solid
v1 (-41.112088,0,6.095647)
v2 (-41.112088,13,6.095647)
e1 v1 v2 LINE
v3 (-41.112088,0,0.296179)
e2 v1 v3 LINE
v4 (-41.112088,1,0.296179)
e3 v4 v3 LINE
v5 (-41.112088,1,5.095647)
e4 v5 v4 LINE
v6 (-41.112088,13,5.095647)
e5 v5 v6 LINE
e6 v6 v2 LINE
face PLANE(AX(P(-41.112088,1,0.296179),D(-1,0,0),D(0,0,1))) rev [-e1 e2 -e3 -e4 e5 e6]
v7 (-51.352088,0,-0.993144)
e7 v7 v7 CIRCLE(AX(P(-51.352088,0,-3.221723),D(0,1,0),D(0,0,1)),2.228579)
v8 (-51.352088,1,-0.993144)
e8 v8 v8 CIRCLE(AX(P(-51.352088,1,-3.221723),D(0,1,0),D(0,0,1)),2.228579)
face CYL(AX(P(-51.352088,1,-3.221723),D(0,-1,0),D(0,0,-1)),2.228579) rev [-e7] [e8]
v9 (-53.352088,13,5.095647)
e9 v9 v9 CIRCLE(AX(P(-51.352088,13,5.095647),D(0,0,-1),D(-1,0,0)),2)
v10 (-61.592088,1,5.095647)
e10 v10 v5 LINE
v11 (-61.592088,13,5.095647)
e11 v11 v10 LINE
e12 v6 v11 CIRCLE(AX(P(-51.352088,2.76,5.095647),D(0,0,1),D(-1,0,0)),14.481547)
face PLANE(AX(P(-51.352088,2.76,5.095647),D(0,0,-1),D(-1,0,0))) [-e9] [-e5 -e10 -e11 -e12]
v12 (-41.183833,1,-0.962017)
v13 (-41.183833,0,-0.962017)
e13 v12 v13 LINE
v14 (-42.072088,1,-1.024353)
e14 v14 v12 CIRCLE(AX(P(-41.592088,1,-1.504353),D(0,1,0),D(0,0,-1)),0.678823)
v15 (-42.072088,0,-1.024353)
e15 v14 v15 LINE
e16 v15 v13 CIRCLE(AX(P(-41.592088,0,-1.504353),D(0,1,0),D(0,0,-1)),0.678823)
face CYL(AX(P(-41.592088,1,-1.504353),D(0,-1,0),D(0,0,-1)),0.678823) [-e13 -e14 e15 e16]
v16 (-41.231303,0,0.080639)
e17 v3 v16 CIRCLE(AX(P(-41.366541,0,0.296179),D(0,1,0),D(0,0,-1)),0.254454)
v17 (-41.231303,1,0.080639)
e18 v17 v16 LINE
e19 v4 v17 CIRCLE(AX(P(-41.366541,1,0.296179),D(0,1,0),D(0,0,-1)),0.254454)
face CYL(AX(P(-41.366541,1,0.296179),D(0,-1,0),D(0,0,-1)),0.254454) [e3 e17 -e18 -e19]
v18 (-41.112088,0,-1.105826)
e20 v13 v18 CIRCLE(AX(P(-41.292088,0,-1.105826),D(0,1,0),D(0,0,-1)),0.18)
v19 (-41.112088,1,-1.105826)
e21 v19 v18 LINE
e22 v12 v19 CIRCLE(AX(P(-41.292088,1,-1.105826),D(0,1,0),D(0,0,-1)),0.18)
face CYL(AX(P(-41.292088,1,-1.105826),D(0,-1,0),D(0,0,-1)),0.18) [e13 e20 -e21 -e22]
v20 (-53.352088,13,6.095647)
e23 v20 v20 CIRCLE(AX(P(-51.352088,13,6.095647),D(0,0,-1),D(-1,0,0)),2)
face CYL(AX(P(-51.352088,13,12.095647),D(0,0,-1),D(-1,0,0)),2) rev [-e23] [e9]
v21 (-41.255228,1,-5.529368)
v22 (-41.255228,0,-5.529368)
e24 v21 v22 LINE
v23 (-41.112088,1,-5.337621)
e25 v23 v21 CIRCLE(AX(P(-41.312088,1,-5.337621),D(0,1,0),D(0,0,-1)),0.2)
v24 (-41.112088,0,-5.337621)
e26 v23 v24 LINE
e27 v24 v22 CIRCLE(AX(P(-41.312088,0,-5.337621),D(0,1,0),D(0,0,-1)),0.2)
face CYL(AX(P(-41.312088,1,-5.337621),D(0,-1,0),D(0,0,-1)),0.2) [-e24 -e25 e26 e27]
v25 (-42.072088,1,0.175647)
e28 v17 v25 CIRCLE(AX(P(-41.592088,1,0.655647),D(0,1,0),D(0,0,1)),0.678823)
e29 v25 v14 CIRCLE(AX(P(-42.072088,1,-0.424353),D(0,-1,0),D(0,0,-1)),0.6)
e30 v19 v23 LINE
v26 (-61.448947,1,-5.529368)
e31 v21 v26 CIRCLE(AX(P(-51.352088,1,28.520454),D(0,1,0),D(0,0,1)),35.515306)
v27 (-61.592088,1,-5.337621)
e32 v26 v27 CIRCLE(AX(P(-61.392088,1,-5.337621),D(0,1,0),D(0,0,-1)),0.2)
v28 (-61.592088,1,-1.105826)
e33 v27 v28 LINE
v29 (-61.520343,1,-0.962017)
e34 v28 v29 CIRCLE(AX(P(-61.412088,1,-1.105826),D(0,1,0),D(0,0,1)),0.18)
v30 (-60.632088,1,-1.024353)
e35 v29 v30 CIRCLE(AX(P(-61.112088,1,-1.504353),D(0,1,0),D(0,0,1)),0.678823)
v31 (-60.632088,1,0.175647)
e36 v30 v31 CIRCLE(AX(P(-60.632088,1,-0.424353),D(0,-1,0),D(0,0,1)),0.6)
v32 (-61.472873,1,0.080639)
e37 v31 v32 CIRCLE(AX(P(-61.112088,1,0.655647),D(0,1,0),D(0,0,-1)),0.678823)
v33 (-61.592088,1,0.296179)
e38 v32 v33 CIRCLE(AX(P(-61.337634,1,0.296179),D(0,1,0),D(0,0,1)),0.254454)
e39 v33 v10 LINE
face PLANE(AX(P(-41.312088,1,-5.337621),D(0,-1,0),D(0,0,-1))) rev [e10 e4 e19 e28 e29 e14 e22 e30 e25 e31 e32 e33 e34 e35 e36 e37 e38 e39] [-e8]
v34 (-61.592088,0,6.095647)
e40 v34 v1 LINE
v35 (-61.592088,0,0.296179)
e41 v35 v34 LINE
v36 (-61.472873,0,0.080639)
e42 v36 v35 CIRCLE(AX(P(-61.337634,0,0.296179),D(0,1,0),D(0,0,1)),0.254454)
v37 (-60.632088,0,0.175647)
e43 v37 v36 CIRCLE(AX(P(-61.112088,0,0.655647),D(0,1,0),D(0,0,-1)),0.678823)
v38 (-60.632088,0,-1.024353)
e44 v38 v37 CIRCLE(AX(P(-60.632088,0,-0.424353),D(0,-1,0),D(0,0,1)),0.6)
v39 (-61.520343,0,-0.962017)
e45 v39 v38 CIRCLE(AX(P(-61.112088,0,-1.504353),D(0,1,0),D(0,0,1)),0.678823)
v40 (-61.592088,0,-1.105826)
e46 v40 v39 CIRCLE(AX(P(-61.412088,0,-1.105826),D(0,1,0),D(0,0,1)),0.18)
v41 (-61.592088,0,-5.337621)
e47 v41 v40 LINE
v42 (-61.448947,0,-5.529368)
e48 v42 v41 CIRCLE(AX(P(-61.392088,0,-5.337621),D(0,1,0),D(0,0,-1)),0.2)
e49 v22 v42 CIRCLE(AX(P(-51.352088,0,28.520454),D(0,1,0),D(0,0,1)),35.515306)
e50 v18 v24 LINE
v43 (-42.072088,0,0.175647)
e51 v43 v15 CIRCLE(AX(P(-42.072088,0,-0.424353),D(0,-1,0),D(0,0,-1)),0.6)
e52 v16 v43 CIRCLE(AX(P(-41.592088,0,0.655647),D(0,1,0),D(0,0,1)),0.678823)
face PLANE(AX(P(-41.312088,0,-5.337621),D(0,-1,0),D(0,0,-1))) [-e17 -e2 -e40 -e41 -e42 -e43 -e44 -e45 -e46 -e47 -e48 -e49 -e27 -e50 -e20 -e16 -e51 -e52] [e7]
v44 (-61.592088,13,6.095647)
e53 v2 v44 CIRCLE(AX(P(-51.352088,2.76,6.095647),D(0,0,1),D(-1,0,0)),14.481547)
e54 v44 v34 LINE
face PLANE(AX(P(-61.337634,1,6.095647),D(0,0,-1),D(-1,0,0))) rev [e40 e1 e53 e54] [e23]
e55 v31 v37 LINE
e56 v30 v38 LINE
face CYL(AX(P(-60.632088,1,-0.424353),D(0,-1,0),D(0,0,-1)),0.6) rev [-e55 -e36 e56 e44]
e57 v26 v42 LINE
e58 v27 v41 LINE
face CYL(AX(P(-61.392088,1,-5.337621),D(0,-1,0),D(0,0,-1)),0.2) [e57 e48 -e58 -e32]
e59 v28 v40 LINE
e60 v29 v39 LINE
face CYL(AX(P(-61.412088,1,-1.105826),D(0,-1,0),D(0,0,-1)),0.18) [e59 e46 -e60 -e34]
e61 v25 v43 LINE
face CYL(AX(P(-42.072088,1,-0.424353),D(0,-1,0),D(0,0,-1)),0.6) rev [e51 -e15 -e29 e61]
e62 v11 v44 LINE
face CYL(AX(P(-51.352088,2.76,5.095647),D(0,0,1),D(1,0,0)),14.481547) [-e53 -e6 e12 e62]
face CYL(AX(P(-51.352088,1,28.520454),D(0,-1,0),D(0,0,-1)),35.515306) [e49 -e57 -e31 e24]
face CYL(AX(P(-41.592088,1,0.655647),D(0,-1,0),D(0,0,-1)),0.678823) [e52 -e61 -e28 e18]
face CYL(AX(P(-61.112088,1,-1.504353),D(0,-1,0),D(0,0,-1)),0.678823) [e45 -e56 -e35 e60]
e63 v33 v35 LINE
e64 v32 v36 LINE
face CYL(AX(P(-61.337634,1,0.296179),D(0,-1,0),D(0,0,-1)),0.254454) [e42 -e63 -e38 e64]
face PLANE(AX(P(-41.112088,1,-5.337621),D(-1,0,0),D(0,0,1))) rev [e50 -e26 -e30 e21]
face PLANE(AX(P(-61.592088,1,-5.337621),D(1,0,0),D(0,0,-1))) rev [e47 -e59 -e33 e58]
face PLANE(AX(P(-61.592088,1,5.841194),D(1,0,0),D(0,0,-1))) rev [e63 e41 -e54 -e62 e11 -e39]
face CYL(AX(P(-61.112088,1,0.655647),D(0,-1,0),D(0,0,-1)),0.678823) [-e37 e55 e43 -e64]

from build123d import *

# Parameters (mm, degrees)
CROQUIS1_R              = 2.228578899
SALIENTE_EXTRUIR1_DEPTH = 1
SALIENTE_EXTRUIR2_DEPTH = 1
CROQUIS4_R              = 2
CORTAR_EXTRUIR1_DEPTH   = 7


with BuildPart() as part:
    # Croquis1 → Saliente-Extruir1 (new body)
    with BuildSketch(Plane(origin=(0, 0, 0), x_dir=(1, 0, 0), z_dir=(0, 1, 0))):
        with BuildLine():
            Line((-41.112087634, 5.337620698), (-41.112087634, 1.105825587))
            ThreePointArc((-41.112087634, 1.105825587), (-41.131019498, 1.025469781), (-41.183832696, 0.962017144))
            ThreePointArc((-41.183832696, 0.962017144), (-41.639608895, 0.827195653), (-42.072087634, 1.024352746))
            ThreePointArc((-42.072087634, 1.024352746), (-42.672087634, 0.424352746), (-42.072087634, -0.175647254))
            ThreePointArc((-42.072087634, -0.175647254), (-41.6683089, 0.018882448), (-41.231302611, -0.080639282))
            ThreePointArc((-41.231302611, -0.080639282), (-41.143877149, -0.173022759), (-41.112087634, -0.296178535))
            Line((-41.112087634, -0.296178535), (-41.112087634, -5.84119357))
            ThreePointArc((-41.112087634, -5.84119357), (-41.186615392, -6.021119495), (-41.366541317, -6.095647254))
            Line((-41.366541317, -6.095647254), (-61.33763395, -6.095647254))
            ThreePointArc((-61.33763395, -6.095647254), (-61.517559875, -6.021119495), (-61.592087634, -5.84119357))
            Line((-61.592087634, -5.84119357), (-61.592087634, -0.296178535))
            ThreePointArc((-61.592087634, -0.296178535), (-61.560298119, -0.173022759), (-61.472872656, -0.080639282))
            ThreePointArc((-61.472872656, -0.080639282), (-61.035866368, 0.018882448), (-60.632087634, -0.175647254))
            ThreePointArc((-60.632087634, -0.175647254), (-60.032087634, 0.424352746), (-60.632087634, 1.024352746))
            ThreePointArc((-60.632087634, 1.024352746), (-61.064566372, 0.827195653), (-61.520342572, 0.962017144))
            ThreePointArc((-61.520342572, 0.962017144), (-61.57315577, 1.025469781), (-61.592087634, 1.105825587))
            Line((-61.592087634, 1.105825587), (-61.592087634, 5.337620698))
            ThreePointArc((-61.592087634, 5.337620698), (-61.552355908, 5.457262162), (-61.448946833, 5.529368009))
            ThreePointArc((-61.448946833, 5.529368009), (-51.352087634, 6.994851774), (-41.255228435, 5.529368009))
            ThreePointArc((-41.255228435, 5.529368009), (-41.151819359, 5.457262162), (-41.112087634, 5.337620698))
        make_face()
        with Locations((-51.352087634, 3.221723142)):
            Circle(CROQUIS1_R, mode=Mode.SUBTRACT)
    extrude(amount=SALIENTE_EXTRUIR1_DEPTH)

    # Croquis3 → Saliente-Extruir2 (add)
    with BuildSketch(Plane.XY.offset(6.095647254)):
        with BuildLine():
            Line((-61.592087634, 0), (-61.592087634, 13))
            ThreePointArc((-61.592087634, 13), (-51.352087634, 17.241546879), (-41.112087634, 13))
            Line((-41.112087634, 13), (-41.112087634, 0))
            Line((-41.112087634, 0), (-61.592087634, 0))
        make_face()
    extrude(amount=-SALIENTE_EXTRUIR2_DEPTH)

    # Croquis4 → Cortar-Extruir1 (cut)
    with BuildSketch(Plane(origin=(0, 0, 5.095647254), x_dir=(-1, 0, 0), z_dir=(0, 0, -1))):
        with Locations((51.352087634, 13)):
            Circle(CROQUIS4_R)
    extrude(amount=-CORTAR_EXTRUIR1_DEPTH, mode=Mode.SUBTRACT)


solid = part.part
